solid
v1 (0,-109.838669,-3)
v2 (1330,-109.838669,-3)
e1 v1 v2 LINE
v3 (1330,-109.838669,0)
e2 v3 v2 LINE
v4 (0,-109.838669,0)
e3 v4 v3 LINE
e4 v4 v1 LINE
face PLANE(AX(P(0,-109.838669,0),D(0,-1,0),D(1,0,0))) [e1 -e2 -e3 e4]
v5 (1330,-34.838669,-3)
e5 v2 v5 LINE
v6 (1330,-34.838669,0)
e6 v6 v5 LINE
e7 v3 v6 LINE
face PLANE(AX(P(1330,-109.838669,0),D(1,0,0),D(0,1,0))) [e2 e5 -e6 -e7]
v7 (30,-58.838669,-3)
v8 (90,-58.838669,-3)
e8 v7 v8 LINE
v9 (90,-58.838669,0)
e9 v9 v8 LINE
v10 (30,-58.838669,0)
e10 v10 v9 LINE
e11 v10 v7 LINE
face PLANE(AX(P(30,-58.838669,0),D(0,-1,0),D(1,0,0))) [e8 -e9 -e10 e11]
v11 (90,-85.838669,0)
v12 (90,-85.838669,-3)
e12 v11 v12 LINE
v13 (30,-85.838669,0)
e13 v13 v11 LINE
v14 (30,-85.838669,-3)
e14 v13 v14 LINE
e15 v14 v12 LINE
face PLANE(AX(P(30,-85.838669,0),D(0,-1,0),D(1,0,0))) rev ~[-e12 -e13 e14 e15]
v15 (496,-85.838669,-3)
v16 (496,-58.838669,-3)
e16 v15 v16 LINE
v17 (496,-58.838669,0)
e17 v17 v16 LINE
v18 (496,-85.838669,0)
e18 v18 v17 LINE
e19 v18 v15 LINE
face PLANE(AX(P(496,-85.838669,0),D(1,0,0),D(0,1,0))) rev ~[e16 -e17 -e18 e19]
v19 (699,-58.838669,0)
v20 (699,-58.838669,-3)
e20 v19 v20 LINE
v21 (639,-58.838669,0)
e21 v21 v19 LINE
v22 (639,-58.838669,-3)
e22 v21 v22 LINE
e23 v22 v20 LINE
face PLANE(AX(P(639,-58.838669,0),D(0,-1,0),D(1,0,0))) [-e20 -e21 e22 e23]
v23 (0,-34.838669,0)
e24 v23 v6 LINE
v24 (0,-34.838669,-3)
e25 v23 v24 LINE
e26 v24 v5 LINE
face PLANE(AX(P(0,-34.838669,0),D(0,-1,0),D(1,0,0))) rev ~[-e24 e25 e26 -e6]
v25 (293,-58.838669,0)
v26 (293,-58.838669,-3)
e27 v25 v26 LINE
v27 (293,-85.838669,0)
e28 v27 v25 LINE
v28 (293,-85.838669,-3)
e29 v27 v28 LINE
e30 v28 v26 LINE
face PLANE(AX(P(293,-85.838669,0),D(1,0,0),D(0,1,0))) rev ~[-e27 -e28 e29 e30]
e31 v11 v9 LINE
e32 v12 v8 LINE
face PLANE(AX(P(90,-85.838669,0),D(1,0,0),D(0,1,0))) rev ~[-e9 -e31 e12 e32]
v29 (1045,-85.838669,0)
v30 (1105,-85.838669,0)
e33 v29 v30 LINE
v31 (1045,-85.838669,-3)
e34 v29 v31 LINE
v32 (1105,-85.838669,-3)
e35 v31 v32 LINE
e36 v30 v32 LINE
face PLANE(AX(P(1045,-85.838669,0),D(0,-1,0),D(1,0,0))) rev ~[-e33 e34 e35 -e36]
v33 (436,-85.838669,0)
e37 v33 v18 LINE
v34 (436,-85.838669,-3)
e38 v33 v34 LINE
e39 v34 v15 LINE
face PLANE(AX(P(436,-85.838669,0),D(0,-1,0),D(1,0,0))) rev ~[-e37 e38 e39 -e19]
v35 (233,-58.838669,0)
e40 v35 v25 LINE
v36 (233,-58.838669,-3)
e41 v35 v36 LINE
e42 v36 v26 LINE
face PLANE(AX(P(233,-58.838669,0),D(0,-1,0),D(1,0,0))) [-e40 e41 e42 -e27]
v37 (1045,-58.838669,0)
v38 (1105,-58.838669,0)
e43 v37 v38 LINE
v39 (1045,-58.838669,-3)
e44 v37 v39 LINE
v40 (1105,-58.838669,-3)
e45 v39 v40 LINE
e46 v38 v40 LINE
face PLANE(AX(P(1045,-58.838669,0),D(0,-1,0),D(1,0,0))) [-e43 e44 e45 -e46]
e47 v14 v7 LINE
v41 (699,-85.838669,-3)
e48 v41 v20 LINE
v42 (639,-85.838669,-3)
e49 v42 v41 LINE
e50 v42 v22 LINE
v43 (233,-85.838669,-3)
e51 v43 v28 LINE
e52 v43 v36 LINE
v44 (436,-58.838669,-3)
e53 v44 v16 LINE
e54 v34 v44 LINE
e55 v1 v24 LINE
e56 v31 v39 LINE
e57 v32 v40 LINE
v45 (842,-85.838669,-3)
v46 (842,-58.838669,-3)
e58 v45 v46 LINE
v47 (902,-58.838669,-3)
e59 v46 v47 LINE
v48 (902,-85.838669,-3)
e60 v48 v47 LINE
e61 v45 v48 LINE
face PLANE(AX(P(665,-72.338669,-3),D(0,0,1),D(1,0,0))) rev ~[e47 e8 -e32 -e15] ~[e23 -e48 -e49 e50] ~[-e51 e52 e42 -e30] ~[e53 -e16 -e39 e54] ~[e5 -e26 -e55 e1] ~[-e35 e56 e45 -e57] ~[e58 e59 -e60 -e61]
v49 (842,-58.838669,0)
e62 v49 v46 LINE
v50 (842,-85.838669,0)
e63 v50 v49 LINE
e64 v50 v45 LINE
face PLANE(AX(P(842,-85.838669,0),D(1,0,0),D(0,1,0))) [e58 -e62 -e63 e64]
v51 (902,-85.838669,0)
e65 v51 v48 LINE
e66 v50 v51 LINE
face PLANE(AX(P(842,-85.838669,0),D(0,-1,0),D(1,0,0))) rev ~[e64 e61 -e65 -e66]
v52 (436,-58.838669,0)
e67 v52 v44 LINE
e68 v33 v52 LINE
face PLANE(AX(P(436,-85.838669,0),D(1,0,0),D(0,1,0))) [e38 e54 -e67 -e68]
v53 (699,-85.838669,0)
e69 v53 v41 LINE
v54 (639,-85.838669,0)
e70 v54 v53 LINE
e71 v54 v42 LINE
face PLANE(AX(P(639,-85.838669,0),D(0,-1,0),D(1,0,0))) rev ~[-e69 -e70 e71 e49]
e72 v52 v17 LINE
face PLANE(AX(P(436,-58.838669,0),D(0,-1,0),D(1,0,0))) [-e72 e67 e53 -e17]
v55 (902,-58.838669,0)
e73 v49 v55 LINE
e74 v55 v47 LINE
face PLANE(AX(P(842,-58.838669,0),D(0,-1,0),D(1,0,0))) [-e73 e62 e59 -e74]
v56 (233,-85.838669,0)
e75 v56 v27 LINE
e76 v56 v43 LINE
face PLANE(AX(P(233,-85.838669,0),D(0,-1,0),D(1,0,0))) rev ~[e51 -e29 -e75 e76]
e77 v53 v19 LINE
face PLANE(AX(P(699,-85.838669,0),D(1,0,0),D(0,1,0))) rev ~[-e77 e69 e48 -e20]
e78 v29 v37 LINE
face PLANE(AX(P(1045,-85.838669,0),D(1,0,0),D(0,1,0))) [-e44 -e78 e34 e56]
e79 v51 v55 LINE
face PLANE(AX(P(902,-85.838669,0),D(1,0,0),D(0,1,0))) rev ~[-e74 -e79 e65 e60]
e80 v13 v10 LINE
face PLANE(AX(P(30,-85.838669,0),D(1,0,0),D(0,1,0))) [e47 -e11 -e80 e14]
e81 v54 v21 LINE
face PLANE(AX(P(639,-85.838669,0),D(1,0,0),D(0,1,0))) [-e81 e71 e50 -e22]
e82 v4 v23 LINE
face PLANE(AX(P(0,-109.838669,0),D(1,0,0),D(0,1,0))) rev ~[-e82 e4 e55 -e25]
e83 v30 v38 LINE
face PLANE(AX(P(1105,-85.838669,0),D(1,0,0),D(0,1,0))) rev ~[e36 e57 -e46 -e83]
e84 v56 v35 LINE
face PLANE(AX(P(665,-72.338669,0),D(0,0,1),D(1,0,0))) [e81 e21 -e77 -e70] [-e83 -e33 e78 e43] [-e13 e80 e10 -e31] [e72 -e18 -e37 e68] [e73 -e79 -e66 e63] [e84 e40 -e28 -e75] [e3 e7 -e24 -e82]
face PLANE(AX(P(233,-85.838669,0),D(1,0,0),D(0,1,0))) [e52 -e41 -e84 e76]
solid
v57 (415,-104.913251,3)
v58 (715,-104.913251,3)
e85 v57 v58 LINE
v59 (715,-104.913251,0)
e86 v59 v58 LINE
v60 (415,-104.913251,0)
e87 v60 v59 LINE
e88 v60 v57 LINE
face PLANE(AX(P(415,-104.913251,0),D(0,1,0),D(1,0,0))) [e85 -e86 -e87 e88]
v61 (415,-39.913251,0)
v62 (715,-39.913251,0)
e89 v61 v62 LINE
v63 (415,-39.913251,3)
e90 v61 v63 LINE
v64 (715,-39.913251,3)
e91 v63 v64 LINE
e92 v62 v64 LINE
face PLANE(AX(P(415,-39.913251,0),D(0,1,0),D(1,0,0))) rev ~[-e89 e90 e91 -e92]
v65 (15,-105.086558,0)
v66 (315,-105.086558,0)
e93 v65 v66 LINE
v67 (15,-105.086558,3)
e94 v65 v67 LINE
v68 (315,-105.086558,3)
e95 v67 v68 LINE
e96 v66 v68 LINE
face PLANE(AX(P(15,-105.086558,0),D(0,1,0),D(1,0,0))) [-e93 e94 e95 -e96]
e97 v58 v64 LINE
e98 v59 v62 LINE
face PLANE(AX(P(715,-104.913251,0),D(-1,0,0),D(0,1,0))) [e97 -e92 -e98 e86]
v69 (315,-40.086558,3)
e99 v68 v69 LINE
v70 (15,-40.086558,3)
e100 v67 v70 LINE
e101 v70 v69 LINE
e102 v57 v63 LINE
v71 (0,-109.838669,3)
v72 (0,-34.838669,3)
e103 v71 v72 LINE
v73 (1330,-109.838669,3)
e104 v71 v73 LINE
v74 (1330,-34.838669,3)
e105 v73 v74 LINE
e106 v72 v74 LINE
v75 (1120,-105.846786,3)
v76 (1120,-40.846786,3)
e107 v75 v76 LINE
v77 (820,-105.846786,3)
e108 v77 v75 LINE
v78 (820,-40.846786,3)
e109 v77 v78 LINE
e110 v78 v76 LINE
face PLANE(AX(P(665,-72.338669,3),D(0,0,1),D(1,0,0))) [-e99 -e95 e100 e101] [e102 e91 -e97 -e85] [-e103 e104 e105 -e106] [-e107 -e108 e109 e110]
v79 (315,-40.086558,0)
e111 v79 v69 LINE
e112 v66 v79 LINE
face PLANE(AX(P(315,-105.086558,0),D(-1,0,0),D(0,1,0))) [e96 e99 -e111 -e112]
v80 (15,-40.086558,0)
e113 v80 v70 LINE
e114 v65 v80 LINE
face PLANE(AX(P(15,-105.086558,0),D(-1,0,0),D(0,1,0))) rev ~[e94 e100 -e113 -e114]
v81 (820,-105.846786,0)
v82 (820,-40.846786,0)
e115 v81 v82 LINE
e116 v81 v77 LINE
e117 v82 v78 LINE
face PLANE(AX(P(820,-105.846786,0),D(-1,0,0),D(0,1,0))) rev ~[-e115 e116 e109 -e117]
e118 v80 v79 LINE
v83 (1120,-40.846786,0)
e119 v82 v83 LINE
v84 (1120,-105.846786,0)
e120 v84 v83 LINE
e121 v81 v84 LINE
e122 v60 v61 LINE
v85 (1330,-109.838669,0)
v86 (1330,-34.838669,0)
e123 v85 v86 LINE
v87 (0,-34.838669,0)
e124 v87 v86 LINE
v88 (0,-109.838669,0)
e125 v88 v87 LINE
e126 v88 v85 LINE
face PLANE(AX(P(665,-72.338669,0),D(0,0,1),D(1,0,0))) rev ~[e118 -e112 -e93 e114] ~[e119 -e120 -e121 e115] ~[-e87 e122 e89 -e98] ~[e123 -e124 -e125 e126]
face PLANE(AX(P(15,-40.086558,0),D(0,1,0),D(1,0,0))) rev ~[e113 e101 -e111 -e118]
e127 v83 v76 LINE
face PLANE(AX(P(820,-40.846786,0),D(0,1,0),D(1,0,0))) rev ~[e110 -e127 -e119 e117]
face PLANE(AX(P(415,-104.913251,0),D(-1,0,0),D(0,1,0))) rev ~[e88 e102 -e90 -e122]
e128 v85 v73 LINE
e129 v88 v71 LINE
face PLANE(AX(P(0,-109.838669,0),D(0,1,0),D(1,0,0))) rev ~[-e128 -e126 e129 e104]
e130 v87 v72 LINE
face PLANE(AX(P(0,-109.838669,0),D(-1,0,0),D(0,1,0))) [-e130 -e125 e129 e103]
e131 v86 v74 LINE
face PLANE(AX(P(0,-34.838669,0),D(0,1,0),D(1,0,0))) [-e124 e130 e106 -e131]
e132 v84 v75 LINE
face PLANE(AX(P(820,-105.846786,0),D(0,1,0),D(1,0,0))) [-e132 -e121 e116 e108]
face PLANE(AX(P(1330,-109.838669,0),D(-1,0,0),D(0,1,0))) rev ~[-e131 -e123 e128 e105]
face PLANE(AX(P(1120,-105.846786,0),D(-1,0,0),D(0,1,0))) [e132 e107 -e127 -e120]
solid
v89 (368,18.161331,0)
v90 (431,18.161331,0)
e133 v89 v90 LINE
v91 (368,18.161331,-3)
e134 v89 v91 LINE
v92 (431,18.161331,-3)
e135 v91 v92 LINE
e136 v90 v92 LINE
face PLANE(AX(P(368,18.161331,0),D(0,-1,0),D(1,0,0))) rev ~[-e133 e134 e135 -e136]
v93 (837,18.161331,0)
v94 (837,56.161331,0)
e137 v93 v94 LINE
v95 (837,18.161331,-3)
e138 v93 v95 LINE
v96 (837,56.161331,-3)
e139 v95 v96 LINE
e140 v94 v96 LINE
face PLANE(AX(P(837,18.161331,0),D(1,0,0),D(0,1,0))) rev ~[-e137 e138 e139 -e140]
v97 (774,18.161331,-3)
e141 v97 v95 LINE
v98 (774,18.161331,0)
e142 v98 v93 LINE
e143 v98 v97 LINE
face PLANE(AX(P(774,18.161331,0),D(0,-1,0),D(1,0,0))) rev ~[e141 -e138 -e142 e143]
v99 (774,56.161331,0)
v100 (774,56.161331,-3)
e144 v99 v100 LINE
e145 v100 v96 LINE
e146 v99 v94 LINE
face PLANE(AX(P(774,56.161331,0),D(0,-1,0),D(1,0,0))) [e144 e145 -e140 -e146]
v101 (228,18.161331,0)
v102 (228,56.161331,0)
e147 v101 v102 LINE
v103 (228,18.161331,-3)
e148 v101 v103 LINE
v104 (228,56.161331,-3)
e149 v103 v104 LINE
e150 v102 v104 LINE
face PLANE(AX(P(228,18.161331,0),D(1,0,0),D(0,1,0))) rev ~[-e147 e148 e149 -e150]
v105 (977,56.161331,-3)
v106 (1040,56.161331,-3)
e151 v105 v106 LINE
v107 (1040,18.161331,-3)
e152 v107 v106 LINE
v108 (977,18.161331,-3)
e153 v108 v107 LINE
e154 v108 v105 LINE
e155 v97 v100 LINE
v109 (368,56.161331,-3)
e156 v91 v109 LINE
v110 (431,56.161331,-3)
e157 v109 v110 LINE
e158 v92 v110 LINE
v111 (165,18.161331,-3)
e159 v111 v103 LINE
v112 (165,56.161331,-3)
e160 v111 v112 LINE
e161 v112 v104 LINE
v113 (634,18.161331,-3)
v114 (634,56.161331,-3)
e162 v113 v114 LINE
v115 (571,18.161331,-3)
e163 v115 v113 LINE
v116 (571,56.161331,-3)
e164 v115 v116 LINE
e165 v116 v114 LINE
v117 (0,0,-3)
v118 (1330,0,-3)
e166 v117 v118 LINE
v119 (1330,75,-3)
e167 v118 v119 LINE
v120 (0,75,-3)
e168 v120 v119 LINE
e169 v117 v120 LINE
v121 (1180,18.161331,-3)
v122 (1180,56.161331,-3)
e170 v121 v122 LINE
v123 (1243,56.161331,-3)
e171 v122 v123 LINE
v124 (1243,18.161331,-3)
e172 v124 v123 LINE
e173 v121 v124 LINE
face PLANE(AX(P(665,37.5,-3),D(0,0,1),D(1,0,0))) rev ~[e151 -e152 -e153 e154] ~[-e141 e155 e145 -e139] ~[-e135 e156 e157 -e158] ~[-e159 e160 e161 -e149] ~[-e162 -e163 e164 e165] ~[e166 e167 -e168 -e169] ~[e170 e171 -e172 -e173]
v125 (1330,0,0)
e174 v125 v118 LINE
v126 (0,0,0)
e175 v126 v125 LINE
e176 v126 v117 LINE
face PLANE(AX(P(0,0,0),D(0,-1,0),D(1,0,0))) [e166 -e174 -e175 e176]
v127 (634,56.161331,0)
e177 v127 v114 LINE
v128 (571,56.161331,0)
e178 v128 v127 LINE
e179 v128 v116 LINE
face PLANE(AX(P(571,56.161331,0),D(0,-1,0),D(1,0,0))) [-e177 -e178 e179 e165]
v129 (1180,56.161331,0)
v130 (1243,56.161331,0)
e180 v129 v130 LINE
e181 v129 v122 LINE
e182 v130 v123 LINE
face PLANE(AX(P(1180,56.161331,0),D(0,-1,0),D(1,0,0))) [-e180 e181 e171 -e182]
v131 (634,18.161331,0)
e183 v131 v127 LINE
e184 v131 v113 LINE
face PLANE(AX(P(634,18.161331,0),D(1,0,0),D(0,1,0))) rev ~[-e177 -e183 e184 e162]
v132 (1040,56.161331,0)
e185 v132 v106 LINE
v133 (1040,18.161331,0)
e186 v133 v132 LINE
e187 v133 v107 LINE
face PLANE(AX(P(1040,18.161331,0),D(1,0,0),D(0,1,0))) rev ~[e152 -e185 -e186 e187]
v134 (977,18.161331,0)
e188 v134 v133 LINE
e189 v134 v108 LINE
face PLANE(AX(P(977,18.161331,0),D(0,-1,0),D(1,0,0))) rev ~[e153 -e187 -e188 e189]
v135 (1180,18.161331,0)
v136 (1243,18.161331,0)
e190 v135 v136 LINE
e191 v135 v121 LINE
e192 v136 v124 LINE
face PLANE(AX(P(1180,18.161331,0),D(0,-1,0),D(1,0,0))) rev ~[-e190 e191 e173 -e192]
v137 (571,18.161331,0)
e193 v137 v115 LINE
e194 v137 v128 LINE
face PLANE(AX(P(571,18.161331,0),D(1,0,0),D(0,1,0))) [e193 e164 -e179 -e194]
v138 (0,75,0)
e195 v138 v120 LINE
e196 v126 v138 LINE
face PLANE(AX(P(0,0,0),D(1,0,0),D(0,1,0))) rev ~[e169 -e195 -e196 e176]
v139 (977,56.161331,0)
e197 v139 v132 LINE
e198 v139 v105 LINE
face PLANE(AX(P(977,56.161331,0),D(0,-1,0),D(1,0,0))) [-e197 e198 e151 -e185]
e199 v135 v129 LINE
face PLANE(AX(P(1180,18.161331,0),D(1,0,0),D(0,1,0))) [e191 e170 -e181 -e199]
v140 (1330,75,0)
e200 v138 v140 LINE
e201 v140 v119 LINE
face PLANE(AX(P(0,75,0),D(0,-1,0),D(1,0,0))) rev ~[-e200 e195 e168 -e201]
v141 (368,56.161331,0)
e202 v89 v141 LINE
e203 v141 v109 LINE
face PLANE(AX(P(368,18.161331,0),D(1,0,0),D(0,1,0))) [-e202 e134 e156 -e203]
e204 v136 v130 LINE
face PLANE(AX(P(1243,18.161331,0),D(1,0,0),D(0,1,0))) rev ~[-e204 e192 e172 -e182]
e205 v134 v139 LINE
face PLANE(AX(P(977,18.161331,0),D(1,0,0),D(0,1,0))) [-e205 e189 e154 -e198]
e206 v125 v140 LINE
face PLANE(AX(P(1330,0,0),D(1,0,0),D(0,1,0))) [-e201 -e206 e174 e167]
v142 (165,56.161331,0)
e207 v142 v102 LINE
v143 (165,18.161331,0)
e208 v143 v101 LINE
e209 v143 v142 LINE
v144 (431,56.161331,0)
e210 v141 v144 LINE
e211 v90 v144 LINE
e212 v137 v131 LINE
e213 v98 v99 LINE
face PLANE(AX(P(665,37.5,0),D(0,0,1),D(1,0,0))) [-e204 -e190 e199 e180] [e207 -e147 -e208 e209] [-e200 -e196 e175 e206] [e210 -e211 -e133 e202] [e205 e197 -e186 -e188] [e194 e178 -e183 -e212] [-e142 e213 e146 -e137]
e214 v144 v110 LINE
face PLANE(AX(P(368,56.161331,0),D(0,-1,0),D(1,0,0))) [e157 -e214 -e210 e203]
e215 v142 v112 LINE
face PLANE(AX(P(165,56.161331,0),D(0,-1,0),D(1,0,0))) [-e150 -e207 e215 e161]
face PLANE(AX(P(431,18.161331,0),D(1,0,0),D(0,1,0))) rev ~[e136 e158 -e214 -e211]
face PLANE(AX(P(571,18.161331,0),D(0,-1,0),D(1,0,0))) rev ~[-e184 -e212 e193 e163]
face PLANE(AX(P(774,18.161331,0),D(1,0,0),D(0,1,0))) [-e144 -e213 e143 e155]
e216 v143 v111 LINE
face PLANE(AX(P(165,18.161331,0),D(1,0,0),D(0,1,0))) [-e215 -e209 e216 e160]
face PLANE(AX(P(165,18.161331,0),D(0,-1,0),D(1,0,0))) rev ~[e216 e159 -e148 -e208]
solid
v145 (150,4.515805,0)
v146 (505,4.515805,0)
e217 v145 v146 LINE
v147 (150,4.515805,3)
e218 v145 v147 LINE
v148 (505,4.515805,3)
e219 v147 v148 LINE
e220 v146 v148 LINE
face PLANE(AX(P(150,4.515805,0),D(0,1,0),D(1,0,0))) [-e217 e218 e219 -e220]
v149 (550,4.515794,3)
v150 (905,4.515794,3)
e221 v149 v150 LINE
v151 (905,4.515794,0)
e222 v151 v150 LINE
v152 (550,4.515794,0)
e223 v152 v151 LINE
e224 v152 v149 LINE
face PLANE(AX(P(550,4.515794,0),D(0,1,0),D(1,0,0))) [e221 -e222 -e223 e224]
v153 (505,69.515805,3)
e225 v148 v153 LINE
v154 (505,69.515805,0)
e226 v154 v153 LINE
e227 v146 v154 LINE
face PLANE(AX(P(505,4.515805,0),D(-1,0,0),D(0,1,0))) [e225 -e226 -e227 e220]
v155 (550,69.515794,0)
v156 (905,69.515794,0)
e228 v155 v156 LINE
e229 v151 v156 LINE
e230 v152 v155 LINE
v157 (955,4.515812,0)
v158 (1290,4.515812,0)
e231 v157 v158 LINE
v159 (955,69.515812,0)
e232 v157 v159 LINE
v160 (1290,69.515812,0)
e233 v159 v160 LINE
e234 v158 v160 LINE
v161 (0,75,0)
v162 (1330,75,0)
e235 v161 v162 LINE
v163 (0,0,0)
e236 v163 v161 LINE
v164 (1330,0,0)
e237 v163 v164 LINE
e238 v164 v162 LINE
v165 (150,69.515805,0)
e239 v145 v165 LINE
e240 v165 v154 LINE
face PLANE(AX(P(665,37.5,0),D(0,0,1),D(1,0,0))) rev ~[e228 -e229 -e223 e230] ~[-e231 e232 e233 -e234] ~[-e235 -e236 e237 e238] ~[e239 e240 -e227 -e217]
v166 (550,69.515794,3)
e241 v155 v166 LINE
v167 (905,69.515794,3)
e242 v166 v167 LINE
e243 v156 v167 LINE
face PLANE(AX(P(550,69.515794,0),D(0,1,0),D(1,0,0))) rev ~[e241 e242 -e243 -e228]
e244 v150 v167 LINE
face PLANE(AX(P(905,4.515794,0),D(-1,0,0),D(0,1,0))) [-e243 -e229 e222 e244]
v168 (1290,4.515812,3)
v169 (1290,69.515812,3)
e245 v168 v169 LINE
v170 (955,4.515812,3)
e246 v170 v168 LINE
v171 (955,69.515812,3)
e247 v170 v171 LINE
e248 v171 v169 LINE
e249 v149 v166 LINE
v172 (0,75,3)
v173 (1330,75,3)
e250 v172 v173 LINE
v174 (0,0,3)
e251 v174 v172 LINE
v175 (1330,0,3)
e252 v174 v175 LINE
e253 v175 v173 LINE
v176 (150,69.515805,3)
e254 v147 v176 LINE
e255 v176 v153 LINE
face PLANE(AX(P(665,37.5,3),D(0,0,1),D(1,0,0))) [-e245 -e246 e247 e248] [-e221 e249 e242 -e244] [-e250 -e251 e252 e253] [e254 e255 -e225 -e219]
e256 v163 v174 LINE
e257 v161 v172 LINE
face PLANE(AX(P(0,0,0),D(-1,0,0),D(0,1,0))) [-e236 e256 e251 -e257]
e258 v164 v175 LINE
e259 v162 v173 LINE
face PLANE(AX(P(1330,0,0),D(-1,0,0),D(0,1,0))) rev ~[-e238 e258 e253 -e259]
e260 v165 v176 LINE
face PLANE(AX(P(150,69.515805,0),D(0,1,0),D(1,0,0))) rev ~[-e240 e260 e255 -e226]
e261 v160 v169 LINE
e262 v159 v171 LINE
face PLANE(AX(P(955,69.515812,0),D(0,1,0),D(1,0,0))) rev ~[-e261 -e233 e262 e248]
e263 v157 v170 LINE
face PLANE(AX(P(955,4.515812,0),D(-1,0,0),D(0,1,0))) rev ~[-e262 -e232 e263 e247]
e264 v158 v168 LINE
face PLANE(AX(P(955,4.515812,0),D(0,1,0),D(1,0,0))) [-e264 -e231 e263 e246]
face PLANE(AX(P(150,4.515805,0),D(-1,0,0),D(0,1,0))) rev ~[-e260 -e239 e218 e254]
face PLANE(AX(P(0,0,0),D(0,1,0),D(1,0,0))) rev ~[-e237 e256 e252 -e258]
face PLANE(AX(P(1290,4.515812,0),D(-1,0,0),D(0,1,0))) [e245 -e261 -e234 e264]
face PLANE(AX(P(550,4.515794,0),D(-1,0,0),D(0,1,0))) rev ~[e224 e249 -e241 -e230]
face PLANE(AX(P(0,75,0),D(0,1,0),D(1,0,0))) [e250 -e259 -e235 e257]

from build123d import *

# Parameters (mm, degrees)
F0_W     = 1330
F0_H     = 75
F0_W_2   = 355
F0_H_2   = 65
F0_W_3   = 335
F0_W_4   = 300
F2_DEPTH = 3
F1_W     = 1330
F1_H     = 75
F1_W_2   = 63
F1_H_2   = 38
F1_W_3   = 60
F1_H_3   = 27
F3_DEPTH = 3


with BuildPart() as f2:
    # F0 (on Top) → F2 (new body)
    with BuildSketch(Plane.XY):
        with Locations((665, 37.5)):
            Rectangle(F0_W, F0_H)
        with Locations((327.5, 37.015805)):
            Rectangle(F0_W_2, F0_H_2, mode=Mode.SUBTRACT)
        with Locations((727.5, 37.015794)):
            Rectangle(F0_W_2, F0_H_2, mode=Mode.SUBTRACT)
        with Locations((1122.5, 37.015812)):
            Rectangle(F0_W_3, F0_H_2, mode=Mode.SUBTRACT)
        with Locations((665, -72.338669)):
            Rectangle(F0_W, F0_H)
        with Locations((165, -72.586558)):
            Rectangle(F0_W_4, F0_H_2, mode=Mode.SUBTRACT)
        with Locations((565, -72.413251)):
            Rectangle(F0_W_4, F0_H_2, mode=Mode.SUBTRACT)
        with Locations((970, -73.346786)):
            Rectangle(F0_W_4, F0_H_2, mode=Mode.SUBTRACT)
    extrude(amount=F2_DEPTH)


with BuildPart() as f3:
    # F1 (on Top) → F3 (new body)
    with BuildSketch(Plane.XY):
        with Locations((665, 37.5)):
            Rectangle(F1_W, F1_H)
        with Locations((196.5, 37.161331)):
            Rectangle(F1_W_2, F1_H_2, mode=Mode.SUBTRACT)
        with Locations((399.5, 37.161331)):
            Rectangle(F1_W_2, F1_H_2, mode=Mode.SUBTRACT)
        with Locations((602.5, 37.161331)):
            Rectangle(F1_W_2, F1_H_2, mode=Mode.SUBTRACT)
        with Locations((805.5, 37.161331)):
            Rectangle(F1_W_2, F1_H_2, mode=Mode.SUBTRACT)
        with Locations((1008.5, 37.161331)):
            Rectangle(F1_W_2, F1_H_2, mode=Mode.SUBTRACT)
        with Locations((1211.5, 37.161331)):
            Rectangle(F1_W_2, F1_H_2, mode=Mode.SUBTRACT)
        with Locations((665, -72.338669)):
            Rectangle(F1_W, F1_H)
        with Locations((60, -72.338669)):
            Rectangle(F1_W_3, F1_H_3, mode=Mode.SUBTRACT)
        with Locations((263, -72.338669)):
            Rectangle(F1_W_3, F1_H_3, mode=Mode.SUBTRACT)
        with Locations((466, -72.338669)):
            Rectangle(F1_W_3, F1_H_3, mode=Mode.SUBTRACT)
        with Locations((669, -72.338669)):
            Rectangle(F1_W_3, F1_H_3, mode=Mode.SUBTRACT)
        with Locations((872, -72.338669)):
            Rectangle(F1_W_3, F1_H_3, mode=Mode.SUBTRACT)
        with Locations((1075, -72.338669)):
            Rectangle(F1_W_3, F1_H_3, mode=Mode.SUBTRACT)
    extrude(amount=-F3_DEPTH)


solid = Compound([f2.part, f3.part])
